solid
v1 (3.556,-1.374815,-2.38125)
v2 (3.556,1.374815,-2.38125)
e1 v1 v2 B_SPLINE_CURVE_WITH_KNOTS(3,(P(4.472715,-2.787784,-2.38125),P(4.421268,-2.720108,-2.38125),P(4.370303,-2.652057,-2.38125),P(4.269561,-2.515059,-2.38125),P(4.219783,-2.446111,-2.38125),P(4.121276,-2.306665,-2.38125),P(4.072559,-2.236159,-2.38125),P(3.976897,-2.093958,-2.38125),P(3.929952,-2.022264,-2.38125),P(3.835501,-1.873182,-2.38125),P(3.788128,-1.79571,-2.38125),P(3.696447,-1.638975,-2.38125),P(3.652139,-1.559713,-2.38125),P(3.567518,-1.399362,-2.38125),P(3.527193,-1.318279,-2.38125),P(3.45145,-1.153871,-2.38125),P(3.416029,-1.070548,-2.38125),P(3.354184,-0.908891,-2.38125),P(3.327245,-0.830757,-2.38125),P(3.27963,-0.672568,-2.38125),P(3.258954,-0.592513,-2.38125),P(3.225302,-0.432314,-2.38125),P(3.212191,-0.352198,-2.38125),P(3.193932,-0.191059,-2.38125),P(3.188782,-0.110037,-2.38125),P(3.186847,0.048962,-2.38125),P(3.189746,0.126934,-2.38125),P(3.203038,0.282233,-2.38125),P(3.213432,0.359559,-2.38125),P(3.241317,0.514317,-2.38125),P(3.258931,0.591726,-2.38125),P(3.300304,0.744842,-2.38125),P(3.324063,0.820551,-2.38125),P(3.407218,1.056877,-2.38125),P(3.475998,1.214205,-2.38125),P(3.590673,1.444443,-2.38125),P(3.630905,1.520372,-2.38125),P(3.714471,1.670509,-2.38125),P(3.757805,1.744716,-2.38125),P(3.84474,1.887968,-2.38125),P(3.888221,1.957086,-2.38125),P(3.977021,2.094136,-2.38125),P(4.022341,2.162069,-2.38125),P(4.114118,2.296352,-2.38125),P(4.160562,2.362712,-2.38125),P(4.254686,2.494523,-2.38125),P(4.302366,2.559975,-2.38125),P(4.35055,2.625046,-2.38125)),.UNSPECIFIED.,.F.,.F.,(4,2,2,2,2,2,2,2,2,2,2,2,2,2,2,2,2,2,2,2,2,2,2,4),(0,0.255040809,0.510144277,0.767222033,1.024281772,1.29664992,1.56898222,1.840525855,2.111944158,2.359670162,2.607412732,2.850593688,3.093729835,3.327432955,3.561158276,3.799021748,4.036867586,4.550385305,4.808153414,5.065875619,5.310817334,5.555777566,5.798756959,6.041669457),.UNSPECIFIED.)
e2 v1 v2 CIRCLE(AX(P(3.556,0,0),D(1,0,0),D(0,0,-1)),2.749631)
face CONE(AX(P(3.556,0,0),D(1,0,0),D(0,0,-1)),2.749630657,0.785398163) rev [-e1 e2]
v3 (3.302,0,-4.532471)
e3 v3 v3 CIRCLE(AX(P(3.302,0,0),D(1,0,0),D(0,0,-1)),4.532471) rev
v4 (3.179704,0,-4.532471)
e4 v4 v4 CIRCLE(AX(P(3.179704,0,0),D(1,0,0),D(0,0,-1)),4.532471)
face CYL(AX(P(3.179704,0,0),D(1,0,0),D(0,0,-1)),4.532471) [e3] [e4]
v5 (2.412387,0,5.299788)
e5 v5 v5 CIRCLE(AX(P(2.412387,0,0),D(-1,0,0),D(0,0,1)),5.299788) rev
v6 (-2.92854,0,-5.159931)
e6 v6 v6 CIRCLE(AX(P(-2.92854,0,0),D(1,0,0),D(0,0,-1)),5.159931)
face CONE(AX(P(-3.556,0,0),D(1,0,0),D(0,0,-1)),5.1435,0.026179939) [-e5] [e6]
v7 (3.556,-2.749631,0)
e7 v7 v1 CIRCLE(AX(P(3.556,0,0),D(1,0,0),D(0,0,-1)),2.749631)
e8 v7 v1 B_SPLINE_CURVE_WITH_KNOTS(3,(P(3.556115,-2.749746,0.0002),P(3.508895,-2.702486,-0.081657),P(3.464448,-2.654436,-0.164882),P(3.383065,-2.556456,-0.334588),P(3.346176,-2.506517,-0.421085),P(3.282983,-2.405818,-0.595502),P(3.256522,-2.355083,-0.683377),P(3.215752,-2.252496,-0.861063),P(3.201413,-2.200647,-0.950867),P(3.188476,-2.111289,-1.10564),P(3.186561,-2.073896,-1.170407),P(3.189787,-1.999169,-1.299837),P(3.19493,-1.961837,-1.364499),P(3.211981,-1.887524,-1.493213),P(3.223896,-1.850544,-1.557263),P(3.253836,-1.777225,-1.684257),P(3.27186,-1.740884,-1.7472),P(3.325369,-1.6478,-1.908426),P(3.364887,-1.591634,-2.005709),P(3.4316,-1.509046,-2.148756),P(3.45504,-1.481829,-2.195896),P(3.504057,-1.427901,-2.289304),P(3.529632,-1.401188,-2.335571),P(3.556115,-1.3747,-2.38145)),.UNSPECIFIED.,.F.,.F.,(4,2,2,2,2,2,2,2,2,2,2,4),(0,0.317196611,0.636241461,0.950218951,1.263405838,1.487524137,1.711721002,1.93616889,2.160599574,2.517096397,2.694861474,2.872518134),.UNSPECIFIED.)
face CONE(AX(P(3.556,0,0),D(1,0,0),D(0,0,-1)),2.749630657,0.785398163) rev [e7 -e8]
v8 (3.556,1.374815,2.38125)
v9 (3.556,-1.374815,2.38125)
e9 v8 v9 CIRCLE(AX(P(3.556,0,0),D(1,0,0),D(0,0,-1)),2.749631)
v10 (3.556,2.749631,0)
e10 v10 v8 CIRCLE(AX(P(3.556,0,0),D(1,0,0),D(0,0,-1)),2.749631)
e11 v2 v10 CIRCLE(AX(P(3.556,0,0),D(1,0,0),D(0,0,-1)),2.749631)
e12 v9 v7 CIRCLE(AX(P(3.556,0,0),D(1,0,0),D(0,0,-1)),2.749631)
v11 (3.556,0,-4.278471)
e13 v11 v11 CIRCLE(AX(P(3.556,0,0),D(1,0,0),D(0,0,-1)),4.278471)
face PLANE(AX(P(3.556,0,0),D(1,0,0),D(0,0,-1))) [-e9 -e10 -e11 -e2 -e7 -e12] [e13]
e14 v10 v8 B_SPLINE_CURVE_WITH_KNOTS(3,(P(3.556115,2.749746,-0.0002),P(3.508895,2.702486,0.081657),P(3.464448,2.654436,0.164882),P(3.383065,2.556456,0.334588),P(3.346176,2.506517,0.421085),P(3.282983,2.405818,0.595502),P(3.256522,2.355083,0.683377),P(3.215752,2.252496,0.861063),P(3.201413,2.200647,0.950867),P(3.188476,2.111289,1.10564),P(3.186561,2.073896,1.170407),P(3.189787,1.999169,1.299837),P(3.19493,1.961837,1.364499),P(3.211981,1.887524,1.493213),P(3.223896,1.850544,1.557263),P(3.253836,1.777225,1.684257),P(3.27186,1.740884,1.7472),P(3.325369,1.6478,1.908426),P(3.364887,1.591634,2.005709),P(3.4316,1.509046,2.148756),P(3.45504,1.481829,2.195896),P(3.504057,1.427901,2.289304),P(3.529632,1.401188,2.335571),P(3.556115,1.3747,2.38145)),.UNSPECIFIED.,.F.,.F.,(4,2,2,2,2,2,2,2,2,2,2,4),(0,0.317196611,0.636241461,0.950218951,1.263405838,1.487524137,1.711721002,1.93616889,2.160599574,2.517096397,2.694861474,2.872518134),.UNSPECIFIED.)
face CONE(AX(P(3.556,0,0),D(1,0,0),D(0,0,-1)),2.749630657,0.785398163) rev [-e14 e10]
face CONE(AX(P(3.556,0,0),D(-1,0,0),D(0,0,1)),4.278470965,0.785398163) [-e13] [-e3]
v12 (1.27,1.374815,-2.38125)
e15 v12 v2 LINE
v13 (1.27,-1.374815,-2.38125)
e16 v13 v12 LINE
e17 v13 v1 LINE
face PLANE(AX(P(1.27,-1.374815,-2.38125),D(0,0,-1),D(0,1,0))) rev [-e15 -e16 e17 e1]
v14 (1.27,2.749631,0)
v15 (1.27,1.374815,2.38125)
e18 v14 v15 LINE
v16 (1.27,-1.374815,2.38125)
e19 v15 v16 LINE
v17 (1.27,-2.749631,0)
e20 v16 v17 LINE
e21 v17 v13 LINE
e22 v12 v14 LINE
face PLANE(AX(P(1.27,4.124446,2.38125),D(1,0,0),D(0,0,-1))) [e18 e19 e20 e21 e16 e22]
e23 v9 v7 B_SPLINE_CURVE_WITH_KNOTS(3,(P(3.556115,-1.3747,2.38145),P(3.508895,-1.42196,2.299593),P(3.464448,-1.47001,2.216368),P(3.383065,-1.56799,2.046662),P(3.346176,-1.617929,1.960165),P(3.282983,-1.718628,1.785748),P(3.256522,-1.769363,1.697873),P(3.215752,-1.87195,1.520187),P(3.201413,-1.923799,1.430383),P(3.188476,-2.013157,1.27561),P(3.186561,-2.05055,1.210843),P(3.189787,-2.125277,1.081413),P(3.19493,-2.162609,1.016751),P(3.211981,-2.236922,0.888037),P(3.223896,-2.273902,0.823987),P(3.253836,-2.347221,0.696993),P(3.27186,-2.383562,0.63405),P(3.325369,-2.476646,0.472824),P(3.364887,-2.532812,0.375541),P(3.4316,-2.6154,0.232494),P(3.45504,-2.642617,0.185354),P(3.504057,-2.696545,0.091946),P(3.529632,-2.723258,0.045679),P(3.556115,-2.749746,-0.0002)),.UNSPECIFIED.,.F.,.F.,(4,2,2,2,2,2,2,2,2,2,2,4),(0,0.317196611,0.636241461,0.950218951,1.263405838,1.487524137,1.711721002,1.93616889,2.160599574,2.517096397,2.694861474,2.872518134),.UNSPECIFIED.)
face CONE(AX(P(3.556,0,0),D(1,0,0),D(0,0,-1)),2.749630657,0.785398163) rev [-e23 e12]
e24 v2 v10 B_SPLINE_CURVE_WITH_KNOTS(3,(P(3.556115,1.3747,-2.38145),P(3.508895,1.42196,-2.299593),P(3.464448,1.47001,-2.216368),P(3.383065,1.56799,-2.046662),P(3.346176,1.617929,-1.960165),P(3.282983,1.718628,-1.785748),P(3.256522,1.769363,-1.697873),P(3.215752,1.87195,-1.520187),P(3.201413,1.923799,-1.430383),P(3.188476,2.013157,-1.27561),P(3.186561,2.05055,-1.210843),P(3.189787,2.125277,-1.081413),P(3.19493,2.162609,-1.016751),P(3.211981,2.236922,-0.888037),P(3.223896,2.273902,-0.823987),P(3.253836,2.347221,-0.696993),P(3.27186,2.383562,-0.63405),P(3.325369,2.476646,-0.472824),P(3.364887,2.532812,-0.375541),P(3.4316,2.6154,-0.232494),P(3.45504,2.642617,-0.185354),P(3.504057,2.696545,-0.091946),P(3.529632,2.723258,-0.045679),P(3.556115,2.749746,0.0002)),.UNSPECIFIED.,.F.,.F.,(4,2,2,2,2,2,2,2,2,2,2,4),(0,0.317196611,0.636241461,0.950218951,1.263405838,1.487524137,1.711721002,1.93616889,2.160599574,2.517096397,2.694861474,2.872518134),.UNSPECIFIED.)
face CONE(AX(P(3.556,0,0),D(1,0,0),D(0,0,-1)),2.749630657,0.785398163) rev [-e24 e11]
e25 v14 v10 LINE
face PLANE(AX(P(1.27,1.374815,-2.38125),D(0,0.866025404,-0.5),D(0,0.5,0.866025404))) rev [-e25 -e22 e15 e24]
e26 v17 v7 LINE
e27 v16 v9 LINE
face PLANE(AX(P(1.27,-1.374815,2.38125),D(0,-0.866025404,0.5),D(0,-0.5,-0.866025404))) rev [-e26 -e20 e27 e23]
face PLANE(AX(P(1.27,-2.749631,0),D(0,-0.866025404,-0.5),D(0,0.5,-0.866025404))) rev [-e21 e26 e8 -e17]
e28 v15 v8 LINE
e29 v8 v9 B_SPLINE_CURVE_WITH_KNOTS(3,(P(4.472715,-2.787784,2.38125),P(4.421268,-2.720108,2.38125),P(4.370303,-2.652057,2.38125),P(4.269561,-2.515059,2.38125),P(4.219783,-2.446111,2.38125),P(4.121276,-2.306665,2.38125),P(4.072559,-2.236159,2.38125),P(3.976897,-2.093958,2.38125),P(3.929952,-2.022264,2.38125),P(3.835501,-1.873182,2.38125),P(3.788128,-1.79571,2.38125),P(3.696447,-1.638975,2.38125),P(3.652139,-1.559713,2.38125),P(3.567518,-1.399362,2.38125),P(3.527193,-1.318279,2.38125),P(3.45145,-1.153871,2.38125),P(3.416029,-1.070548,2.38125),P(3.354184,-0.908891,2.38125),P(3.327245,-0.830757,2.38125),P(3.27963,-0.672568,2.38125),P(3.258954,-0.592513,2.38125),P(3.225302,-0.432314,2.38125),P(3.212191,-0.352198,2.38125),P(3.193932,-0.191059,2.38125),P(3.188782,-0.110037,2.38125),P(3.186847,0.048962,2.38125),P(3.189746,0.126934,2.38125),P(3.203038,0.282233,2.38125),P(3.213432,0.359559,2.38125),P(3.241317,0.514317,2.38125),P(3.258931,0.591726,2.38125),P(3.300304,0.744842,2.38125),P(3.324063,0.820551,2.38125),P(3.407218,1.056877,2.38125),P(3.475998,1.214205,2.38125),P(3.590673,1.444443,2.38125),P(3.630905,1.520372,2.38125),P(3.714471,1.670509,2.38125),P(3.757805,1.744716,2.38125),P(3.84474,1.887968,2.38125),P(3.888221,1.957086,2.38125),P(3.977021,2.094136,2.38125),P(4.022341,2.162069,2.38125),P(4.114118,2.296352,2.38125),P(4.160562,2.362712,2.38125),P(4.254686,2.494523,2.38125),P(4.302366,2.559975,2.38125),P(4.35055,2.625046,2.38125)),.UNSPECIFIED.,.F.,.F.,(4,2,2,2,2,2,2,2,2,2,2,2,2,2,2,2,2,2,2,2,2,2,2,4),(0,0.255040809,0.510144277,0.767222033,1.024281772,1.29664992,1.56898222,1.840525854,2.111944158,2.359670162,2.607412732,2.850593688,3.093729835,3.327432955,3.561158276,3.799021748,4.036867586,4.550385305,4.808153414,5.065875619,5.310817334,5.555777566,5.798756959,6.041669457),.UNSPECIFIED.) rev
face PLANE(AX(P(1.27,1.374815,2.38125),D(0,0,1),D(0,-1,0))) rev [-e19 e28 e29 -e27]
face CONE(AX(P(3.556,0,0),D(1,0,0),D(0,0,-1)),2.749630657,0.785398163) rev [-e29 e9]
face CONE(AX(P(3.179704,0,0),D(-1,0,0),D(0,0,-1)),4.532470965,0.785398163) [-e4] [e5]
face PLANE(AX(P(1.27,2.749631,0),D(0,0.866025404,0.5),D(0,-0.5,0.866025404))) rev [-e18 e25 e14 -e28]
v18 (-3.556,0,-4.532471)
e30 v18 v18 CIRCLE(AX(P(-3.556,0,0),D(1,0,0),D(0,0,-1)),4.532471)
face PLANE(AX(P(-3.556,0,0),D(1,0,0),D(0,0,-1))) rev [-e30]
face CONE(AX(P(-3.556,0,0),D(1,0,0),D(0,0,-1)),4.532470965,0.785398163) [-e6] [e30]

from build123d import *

# Parameters (mm, degrees)
SKETCH2_R          = 5.1435
EXTRUDE1_DEPTH     = 7.112
EXTRUDE1_TAPER     = -1.5
SKETCH5_OUTSIDE_W  = 32.218
SKETCH5_OUTSIDE_H  = 32.218
SKETCH5_OUTSIDE_R  = 4.532470965
CUT_EXTRUDE1_DEPTH = 8.1120001
CUT_EXTRUDE1_TAPER = 45
SKETCH9_OUTSIDE_W  = 15.994
SKETCH9_OUTSIDE_H  = 15.994
SKETCH9_OUTSIDE_R  = 4.532470965
CUT_EXTRUDE5_DEPTH = 0.376296296
SKETCH10_OUTSIDE_W = 31.44
SKETCH10_OUTSIDE_H = 31.44
SKETCH10_OUTSIDE_R = 4.532470965
CUT_EXTRUDE6_DEPTH = 7.735703804
CUT_EXTRUDE6_TAPER = 45
CUT_EXTRUDE7_DEPTH = 2.286
CHAMFER1_SIZE      = 0.254
SKETCH11_R         = 2.749630657
CUT_EXTRUDE8_DEPTH = 2.286
CUT_EXTRUDE8_TAPER = 45


with BuildPart() as part:
    # Sketch2 → Extrude1 (new body)
    with BuildSketch(Plane(origin=(-3.556, 0, 0), x_dir=(0, 0, -1), z_dir=(1, 0, 0))):
        Circle(SKETCH2_R)
    extrude(amount=EXTRUDE1_DEPTH, taper=EXTRUDE1_TAPER)

    # Sketch5 outside → Cut-Extrude1 (cut, through all)
    with BuildSketch(Plane(origin=(-3.556, 0, 0), x_dir=(0, 0, -1), z_dir=(1, 0, 0))):
        Rectangle(SKETCH5_OUTSIDE_W, SKETCH5_OUTSIDE_H)
        Circle(SKETCH5_OUTSIDE_R, mode=Mode.SUBTRACT)
    extrude(amount=CUT_EXTRUDE1_DEPTH, taper=CUT_EXTRUDE1_TAPER, mode=Mode.SUBTRACT)

    # Sketch9 outside → Cut-Extrude5 (cut)
    with BuildSketch(Plane(origin=(3.556, 0, 0), x_dir=(0, 0, -1), z_dir=(1, 0, 0))):
        Rectangle(SKETCH9_OUTSIDE_W, SKETCH9_OUTSIDE_H)
        Circle(SKETCH9_OUTSIDE_R, mode=Mode.SUBTRACT)
    extrude(amount=-CUT_EXTRUDE5_DEPTH, mode=Mode.SUBTRACT)

    # Sketch10 outside → Cut-Extrude6 (cut, through all)
    with BuildSketch(Plane(origin=(3.179703704, 0, 0), x_dir=(0, 0, -1), z_dir=(1, 0, 0))):
        Rectangle(SKETCH10_OUTSIDE_W, SKETCH10_OUTSIDE_H)
        Circle(SKETCH10_OUTSIDE_R, mode=Mode.SUBTRACT)
    extrude(amount=-CUT_EXTRUDE6_DEPTH, taper=CUT_EXTRUDE6_TAPER, mode=Mode.SUBTRACT)

    # Sketch6 → Cut-Extrude7 (cut)
    with BuildSketch(Plane(origin=(3.556, 0, 0), x_dir=(0, 0, -1), z_dir=(1, 0, 0))):
        Polygon((0, 2.749630657), (-2.38125, 1.374815329), (-2.38125, -1.374815329), (0, -2.749630657), (2.38125, -1.374815329), (2.38125, 1.374815329), align=None)
    extrude(amount=-CUT_EXTRUDE7_DEPTH, mode=Mode.SUBTRACT)

    # Chamfer1
    chamfer1_edges = [part.edges().sort_by_distance(p)[0] for p in [
        (3.556, 0, 4.532470965),
    ]]
    chamfer(chamfer1_edges, length=CHAMFER1_SIZE)

    # Sketch11 → Cut-Extrude8 (cut)
    with BuildSketch(Plane(origin=(3.556, 0, 0), x_dir=(0, 0, -1), z_dir=(1, 0, 0))):
        Circle(SKETCH11_R)
    extrude(amount=-CUT_EXTRUDE8_DEPTH, taper=CUT_EXTRUDE8_TAPER, mode=Mode.SUBTRACT)


solid = part.part
